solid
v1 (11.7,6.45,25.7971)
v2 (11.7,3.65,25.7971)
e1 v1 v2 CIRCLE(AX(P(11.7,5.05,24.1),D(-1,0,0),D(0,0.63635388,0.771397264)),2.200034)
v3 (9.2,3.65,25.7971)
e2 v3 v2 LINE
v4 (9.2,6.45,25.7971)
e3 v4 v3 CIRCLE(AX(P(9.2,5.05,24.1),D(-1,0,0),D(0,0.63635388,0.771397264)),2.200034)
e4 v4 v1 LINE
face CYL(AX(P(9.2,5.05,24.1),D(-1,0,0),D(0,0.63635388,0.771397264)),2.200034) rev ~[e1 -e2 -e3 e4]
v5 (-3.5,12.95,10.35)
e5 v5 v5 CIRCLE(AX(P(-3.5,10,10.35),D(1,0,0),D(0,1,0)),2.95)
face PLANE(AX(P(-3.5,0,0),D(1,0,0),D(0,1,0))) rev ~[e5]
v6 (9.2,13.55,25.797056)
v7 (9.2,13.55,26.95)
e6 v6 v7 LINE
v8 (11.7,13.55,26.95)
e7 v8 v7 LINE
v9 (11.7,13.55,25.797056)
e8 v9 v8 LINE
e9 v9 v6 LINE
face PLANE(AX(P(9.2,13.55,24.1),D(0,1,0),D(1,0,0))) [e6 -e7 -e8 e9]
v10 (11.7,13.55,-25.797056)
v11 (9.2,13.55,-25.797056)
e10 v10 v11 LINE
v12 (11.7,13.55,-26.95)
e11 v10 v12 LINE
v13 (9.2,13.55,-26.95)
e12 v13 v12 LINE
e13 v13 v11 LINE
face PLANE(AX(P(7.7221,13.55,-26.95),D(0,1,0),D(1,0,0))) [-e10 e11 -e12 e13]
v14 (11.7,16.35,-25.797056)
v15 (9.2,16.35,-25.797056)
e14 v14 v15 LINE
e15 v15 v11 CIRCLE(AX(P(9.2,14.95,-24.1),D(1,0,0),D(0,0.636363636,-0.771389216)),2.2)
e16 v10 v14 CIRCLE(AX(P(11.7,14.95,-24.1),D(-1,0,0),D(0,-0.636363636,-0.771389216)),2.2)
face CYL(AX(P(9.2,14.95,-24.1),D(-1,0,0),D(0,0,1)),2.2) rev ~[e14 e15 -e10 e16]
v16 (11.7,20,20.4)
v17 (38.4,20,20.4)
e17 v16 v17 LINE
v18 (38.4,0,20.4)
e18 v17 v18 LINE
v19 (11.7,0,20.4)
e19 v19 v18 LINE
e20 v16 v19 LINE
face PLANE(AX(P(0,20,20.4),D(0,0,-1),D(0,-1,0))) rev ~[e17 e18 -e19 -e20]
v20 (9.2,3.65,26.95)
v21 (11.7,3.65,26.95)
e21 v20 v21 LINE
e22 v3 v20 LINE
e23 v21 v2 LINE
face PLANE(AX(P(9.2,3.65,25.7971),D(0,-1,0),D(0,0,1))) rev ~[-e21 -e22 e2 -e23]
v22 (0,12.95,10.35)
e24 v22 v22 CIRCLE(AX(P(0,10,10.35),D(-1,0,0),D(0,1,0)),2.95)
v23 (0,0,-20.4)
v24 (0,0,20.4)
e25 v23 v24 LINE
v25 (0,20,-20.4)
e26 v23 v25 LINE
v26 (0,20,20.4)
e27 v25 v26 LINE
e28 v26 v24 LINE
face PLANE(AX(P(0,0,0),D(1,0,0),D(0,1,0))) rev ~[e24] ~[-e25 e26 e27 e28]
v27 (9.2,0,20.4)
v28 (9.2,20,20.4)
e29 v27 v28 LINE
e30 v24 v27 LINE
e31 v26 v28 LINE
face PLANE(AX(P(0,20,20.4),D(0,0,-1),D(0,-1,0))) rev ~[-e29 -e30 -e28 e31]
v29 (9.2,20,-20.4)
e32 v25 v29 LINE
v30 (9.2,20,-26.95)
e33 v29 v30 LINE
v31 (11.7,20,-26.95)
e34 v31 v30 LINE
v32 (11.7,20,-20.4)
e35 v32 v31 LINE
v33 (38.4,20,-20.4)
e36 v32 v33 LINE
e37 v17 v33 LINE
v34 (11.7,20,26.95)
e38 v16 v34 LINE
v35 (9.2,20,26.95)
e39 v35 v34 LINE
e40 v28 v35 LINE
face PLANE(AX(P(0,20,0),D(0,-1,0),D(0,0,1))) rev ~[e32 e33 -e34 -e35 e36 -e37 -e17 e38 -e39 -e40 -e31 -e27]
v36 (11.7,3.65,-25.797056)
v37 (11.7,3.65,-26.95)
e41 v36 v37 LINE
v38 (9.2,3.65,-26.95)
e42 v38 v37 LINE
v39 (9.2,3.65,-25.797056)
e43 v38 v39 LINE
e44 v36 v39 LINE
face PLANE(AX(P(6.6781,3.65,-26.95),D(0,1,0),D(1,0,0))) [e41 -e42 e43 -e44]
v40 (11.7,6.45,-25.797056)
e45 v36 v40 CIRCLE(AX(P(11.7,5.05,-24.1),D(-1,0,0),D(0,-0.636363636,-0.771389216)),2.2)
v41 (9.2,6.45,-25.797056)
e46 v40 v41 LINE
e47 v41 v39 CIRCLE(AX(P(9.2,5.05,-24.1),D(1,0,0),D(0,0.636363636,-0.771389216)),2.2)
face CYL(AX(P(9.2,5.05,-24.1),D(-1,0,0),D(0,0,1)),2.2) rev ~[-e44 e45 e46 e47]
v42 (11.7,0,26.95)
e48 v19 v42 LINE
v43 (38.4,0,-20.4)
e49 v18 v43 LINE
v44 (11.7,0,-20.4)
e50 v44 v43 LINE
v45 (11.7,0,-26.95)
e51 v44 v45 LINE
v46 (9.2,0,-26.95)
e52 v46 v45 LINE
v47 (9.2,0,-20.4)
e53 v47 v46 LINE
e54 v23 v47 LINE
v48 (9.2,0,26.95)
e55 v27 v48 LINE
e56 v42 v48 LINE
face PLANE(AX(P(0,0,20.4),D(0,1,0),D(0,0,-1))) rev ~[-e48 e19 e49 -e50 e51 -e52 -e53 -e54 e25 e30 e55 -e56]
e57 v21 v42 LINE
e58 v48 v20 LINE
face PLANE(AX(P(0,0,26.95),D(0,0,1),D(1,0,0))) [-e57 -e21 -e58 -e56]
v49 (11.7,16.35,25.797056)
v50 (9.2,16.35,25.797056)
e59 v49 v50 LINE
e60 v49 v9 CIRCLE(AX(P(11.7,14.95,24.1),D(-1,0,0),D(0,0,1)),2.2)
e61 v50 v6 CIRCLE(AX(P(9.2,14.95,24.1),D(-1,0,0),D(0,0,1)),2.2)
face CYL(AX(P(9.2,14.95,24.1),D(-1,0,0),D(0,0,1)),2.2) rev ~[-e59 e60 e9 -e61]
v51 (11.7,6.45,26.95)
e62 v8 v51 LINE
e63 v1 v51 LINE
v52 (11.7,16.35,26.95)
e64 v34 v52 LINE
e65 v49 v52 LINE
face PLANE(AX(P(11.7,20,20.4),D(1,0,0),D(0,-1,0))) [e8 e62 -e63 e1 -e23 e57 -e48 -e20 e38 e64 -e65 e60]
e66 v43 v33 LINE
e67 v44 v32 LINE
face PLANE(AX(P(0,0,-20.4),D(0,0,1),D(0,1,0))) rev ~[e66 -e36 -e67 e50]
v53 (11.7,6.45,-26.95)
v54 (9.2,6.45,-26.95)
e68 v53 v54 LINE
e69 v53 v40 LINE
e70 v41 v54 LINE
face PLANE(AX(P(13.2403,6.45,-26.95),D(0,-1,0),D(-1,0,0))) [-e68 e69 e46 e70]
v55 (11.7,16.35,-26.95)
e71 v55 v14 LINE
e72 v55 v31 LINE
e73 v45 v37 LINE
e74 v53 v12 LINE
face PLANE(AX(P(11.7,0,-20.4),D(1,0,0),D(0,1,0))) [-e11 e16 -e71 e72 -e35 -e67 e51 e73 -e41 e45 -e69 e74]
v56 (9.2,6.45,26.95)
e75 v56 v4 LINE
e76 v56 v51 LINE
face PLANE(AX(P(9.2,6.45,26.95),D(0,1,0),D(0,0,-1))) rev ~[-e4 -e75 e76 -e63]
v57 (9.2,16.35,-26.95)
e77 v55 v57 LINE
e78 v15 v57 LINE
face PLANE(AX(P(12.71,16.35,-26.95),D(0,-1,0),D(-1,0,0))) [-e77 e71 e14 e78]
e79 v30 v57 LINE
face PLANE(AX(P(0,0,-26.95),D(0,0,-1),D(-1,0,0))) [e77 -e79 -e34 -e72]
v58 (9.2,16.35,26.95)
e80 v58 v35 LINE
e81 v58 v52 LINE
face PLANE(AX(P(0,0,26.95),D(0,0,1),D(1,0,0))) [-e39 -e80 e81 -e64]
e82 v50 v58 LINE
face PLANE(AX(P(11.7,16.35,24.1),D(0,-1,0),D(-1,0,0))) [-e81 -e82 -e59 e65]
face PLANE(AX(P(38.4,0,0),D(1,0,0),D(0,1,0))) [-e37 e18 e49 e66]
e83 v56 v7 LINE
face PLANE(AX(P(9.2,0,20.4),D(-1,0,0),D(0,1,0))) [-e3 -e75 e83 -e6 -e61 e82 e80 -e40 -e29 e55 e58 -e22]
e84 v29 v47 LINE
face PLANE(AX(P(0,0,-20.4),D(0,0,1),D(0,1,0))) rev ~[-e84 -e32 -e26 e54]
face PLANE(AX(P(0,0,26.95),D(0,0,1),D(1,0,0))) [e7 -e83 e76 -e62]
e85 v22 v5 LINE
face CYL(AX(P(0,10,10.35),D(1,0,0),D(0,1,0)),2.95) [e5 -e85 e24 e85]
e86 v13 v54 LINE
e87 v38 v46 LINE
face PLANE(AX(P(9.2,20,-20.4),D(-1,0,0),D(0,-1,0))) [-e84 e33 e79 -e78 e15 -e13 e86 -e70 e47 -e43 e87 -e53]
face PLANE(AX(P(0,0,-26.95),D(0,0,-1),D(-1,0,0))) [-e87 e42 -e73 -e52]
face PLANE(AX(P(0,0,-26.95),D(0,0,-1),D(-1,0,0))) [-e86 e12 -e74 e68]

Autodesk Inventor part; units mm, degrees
ref_plane "YZ Plane" through (0, 0, 0) normal (1, 0, 0) x (0, 1, 0)
ref_plane "XZ Plane" through (0, 0, 0) normal (0, 1, 0) x (-1, 0, 0)
sketch "Sketch1" plane through (0, 0, 0) normal (1, 0, 0) x (0, 1, 0)
  line L0 (20, 20.4) -> (0, 20.4)
  line L1 (0, 20.4) -> (0, -20.4)
  line L2 (0, -20.4) -> (20, -20.4)
  line L3 (20, -20.4) -> (20, 20.4)
  line L4 (0, -28.56) -> (0, 28.56) projected
  line L5 (-4, 0) -> (24, 0) projected
  point P0 (0, 0)
  dimension "d0" = 40.8
  dimension "d1" = 20
extrude "Extrusion1" add sketch "Sketch1" along normal blind 38.4
sketch "Sketch2" plane through (0, 0, 0) normal (1, 0, 0) x (0, 1, 0)
  line L0 (20, 20.4) -> (0, 20.4) projected
  line L1 (20, -20.4) -> (20, 20.4) projected
  line L2 (0, -20.4) -> (20, -20.4) projected
  line L3 (0, 20.4) -> (0, -20.4) projected
  line L4 (10, 20.4) -> (10, -20.4)
  line L5 (0, 20.4) -> (0, -20.4) projected
  circle A0 centre (10, 10.35) radius 2.95
  point P0 (0, 0)
  dimension "d4" = 5.9
  dimension "d40" = 10.05
extrude "Extrusion2" add sketch "Sketch2" against normal blind 3.5 contours A0 L4 | L4 A0
sketch "Sketch3" plane through (0, 0, 20.4) normal (0, 0, 1) x (1, 0, 0)
  line L0 (9.2, 20) -> (11.7, 20)
  line L1 (11.7, 20) -> (11.7, 0)
  line L2 (11.7, 0) -> (9.2, 0)
  line L3 (9.2, 0) -> (9.2, 20)
  line L4 (0, 20) -> (0, 0) projected
  line L5 (0, 0) -> (38.4, 0) projected
  line L6 (38.4, 20) -> (38.4, 0) projected
  line L7 (0, 20) -> (38.4, 20) projected
  point P0 (0, 0)
  dimension "d7" = 2.5
  dimension "d9" = 9.2
  dimension "d10" = 26.7
extrude "Extrusion3" add sketch "Sketch3" along normal blind 6.55 contours L0 L1 L2 L3
sketch "Sketch4" plane through (0, 0, -20.4) normal (0, 0, -1) x (-1, 0, 0)
  line L0 (-11.7, 20) -> (-9.2, 20)
  line L1 (-9.2, 20) -> (-9.2, 0)
  line L2 (-9.2, 0) -> (-11.7, 0)
  line L3 (-11.7, 0) -> (-11.7, 20)
  line L4 (0, 0) -> (0, 20) projected
  line L5 (0, 20) -> (-38.4, 20) projected
  line L6 (-38.4, 0) -> (-38.4, 20) projected
  line L7 (0, 0) -> (-38.4, 0) projected
  point P0 (0, 0)
  dimension "d13" = 2.5
  dimension "d14" = 9.2
  dimension "d15" = 26.7
extrude "Extrusion4" add sketch "Sketch4" along normal blind 6.55 contours L0 L1 L2 L3
sketch "Sketch5" plane through (9.2, 0, 20.4) normal (-1, 0, 0) x (0, 0, 1)
  circle A0 centre (-10.05, 10) radius 2.95 projected
  line L0 (0, 20) -> (0, 0) projected
  line L1 (-40.8, 20) -> (0, 20) projected
  line L2 (-40.8, 0) -> (-40.8, 20) projected
  line L3 (0, 0) -> (-40.8, 0) projected
  line L4 (0, 20) -> (0, 0) projected
  line L5 (0, 20) -> (6.55, 20) projected
  line L6 (6.55, 0) -> (6.55, 20) projected
  line L7 (0, 0) -> (6.55, 0) projected
  line L8 (-40.8, 0) -> (-40.8, 20) projected
  line L9 (-40.8, 0) -> (-47.35, 0) projected
  line L10 (-47.35, 20) -> (-47.35, 0) projected
  line L11 (-40.8, 20) -> (-47.35, 20) projected
  circle A1 centre (3.7, 14.95) radius 2.2
  arc A2 (5.3971, 6.45) -> (5.3971, 3.65) centre (3.7, 5.05) ccw
  circle A3 centre (-44.5, 14.95) radius 2.2
  circle A4 centre (-44.5, 5.05) radius 2.2
  line L12 (-47.35, 10) -> (6.55, 10) construction
  line L13 (-20.4, 0) -> (-20.4, 20) construction
  line L14 (6.55, 6.45) -> (5.3971, 6.45)
  line L15 (5.3971, 3.65) -> (6.55, 3.65)
  line L16 (6.55, 3.65) -> (6.55, 6.45)
  line L17 (3.7, 5.05) -> (6.55, 5.05) construction
  line L18 (3.7, 5.05) -> (3.7, 20) construction
  line L19 (-44.5, 5.05) -> (6.55, 5.05) construction
  point P0 (6.55, 3.65)
  point P1 (6.55, 6.45)
  dimension "d18" = 4.4
  dimension "d19" = 4.4
  dimension "d20" = 4.4
  dimension "d21" = 4.4
  dimension "d22" = 48.2
  dimension "d23" = 48.2
  dimension "d24" = 9.9
  dimension "d25" = 9.9
  dimension "d26" = 24.1
  dimension "d27" = 4.95
  dimension "d28" = 2.8
extrude "Extrusion5" cut sketch "Sketch5" against normal blind 6.55 contours L6 L15 A2 L14 | A1 | A3 | A4
ref_plane "Work Plane1" through (9.2, 14.95, 24.1) normal (0, 0, -1) x (1, 0, 0)
sketch "Sketch6" plane through (9.2, 14.95, 24.1) normal (0, 0, -1) x (1, 0, 0)
  line L0 (2.5, 2.2) -> (2.5, -2.2) projected
  line L1 (0, -2.2) -> (0, 2.2) projected
  line L2 (-21.08, 0) -> (37.58, 0) projected
  line L3 (0, -2.2) -> (2.5, -2.2) projected
  line L4 (0, 2.2) -> (2.5, 2.2) projected
  line L5 (0, 1.4) -> (2.5, 1.4)
  line L6 (2.5, 1.4) -> (2.5, -1.4)
  line L7 (2.5, -1.4) -> (0, -1.4)
  line L8 (0, -1.4) -> (0, 1.4)
  point P0 (-9.2, 14.95)
  point P1 (0, -1.4)
  point P2 (2.5, -1.4)
  point P3 (2.5, 1.4)
  point P4 (0, 1.4)
  dimension "d31" = 2.8
extrude "Extrusion6" cut sketch "Sketch6" against normal blind 6.55 contours L0 L2 L1 L5 | L0 L7 L1 L2
sketch "Sketch7" plane through (0, 0, -26.95) normal (0, 0, -1) x (-1, 0, 0)
  line L0 (-12.71, 16.35) -> (-7.7221, 16.35)
  line L1 (-7.7221, 16.35) -> (-7.7221, 13.55)
  line L2 (-7.7221, 13.55) -> (-12.71, 13.55)
  line L3 (-12.71, 13.55) -> (-12.71, 16.35)
  line L4 (-13.2403, 6.45) -> (-6.6781, 6.45)
  line L5 (-6.6781, 6.45) -> (-6.6781, 3.65)
  line L6 (-6.6781, 3.65) -> (-13.2403, 3.65)
  line L7 (-13.2403, 3.65) -> (-13.2403, 6.45)
  line L8 (11.88, 14.95) -> (-46.78, 14.95) projected
  line L9 (11.88, 5.05) -> (-46.78, 5.05) projected
  point P0 (0, 0)
  dimension "d34" = 2.8
  dimension "d35" = 2.8
extrude "Extrusion7" cut sketch "Sketch7" against normal up to surface contours L0 L1 L8 L3 | L8 L1 L2 L3
extrude "Extrusion8" cut sketch "Sketch7" against normal up to surface contours L4 L5 L9 L7 | L9 L5 L6 L7
properties part number "MG996R"
